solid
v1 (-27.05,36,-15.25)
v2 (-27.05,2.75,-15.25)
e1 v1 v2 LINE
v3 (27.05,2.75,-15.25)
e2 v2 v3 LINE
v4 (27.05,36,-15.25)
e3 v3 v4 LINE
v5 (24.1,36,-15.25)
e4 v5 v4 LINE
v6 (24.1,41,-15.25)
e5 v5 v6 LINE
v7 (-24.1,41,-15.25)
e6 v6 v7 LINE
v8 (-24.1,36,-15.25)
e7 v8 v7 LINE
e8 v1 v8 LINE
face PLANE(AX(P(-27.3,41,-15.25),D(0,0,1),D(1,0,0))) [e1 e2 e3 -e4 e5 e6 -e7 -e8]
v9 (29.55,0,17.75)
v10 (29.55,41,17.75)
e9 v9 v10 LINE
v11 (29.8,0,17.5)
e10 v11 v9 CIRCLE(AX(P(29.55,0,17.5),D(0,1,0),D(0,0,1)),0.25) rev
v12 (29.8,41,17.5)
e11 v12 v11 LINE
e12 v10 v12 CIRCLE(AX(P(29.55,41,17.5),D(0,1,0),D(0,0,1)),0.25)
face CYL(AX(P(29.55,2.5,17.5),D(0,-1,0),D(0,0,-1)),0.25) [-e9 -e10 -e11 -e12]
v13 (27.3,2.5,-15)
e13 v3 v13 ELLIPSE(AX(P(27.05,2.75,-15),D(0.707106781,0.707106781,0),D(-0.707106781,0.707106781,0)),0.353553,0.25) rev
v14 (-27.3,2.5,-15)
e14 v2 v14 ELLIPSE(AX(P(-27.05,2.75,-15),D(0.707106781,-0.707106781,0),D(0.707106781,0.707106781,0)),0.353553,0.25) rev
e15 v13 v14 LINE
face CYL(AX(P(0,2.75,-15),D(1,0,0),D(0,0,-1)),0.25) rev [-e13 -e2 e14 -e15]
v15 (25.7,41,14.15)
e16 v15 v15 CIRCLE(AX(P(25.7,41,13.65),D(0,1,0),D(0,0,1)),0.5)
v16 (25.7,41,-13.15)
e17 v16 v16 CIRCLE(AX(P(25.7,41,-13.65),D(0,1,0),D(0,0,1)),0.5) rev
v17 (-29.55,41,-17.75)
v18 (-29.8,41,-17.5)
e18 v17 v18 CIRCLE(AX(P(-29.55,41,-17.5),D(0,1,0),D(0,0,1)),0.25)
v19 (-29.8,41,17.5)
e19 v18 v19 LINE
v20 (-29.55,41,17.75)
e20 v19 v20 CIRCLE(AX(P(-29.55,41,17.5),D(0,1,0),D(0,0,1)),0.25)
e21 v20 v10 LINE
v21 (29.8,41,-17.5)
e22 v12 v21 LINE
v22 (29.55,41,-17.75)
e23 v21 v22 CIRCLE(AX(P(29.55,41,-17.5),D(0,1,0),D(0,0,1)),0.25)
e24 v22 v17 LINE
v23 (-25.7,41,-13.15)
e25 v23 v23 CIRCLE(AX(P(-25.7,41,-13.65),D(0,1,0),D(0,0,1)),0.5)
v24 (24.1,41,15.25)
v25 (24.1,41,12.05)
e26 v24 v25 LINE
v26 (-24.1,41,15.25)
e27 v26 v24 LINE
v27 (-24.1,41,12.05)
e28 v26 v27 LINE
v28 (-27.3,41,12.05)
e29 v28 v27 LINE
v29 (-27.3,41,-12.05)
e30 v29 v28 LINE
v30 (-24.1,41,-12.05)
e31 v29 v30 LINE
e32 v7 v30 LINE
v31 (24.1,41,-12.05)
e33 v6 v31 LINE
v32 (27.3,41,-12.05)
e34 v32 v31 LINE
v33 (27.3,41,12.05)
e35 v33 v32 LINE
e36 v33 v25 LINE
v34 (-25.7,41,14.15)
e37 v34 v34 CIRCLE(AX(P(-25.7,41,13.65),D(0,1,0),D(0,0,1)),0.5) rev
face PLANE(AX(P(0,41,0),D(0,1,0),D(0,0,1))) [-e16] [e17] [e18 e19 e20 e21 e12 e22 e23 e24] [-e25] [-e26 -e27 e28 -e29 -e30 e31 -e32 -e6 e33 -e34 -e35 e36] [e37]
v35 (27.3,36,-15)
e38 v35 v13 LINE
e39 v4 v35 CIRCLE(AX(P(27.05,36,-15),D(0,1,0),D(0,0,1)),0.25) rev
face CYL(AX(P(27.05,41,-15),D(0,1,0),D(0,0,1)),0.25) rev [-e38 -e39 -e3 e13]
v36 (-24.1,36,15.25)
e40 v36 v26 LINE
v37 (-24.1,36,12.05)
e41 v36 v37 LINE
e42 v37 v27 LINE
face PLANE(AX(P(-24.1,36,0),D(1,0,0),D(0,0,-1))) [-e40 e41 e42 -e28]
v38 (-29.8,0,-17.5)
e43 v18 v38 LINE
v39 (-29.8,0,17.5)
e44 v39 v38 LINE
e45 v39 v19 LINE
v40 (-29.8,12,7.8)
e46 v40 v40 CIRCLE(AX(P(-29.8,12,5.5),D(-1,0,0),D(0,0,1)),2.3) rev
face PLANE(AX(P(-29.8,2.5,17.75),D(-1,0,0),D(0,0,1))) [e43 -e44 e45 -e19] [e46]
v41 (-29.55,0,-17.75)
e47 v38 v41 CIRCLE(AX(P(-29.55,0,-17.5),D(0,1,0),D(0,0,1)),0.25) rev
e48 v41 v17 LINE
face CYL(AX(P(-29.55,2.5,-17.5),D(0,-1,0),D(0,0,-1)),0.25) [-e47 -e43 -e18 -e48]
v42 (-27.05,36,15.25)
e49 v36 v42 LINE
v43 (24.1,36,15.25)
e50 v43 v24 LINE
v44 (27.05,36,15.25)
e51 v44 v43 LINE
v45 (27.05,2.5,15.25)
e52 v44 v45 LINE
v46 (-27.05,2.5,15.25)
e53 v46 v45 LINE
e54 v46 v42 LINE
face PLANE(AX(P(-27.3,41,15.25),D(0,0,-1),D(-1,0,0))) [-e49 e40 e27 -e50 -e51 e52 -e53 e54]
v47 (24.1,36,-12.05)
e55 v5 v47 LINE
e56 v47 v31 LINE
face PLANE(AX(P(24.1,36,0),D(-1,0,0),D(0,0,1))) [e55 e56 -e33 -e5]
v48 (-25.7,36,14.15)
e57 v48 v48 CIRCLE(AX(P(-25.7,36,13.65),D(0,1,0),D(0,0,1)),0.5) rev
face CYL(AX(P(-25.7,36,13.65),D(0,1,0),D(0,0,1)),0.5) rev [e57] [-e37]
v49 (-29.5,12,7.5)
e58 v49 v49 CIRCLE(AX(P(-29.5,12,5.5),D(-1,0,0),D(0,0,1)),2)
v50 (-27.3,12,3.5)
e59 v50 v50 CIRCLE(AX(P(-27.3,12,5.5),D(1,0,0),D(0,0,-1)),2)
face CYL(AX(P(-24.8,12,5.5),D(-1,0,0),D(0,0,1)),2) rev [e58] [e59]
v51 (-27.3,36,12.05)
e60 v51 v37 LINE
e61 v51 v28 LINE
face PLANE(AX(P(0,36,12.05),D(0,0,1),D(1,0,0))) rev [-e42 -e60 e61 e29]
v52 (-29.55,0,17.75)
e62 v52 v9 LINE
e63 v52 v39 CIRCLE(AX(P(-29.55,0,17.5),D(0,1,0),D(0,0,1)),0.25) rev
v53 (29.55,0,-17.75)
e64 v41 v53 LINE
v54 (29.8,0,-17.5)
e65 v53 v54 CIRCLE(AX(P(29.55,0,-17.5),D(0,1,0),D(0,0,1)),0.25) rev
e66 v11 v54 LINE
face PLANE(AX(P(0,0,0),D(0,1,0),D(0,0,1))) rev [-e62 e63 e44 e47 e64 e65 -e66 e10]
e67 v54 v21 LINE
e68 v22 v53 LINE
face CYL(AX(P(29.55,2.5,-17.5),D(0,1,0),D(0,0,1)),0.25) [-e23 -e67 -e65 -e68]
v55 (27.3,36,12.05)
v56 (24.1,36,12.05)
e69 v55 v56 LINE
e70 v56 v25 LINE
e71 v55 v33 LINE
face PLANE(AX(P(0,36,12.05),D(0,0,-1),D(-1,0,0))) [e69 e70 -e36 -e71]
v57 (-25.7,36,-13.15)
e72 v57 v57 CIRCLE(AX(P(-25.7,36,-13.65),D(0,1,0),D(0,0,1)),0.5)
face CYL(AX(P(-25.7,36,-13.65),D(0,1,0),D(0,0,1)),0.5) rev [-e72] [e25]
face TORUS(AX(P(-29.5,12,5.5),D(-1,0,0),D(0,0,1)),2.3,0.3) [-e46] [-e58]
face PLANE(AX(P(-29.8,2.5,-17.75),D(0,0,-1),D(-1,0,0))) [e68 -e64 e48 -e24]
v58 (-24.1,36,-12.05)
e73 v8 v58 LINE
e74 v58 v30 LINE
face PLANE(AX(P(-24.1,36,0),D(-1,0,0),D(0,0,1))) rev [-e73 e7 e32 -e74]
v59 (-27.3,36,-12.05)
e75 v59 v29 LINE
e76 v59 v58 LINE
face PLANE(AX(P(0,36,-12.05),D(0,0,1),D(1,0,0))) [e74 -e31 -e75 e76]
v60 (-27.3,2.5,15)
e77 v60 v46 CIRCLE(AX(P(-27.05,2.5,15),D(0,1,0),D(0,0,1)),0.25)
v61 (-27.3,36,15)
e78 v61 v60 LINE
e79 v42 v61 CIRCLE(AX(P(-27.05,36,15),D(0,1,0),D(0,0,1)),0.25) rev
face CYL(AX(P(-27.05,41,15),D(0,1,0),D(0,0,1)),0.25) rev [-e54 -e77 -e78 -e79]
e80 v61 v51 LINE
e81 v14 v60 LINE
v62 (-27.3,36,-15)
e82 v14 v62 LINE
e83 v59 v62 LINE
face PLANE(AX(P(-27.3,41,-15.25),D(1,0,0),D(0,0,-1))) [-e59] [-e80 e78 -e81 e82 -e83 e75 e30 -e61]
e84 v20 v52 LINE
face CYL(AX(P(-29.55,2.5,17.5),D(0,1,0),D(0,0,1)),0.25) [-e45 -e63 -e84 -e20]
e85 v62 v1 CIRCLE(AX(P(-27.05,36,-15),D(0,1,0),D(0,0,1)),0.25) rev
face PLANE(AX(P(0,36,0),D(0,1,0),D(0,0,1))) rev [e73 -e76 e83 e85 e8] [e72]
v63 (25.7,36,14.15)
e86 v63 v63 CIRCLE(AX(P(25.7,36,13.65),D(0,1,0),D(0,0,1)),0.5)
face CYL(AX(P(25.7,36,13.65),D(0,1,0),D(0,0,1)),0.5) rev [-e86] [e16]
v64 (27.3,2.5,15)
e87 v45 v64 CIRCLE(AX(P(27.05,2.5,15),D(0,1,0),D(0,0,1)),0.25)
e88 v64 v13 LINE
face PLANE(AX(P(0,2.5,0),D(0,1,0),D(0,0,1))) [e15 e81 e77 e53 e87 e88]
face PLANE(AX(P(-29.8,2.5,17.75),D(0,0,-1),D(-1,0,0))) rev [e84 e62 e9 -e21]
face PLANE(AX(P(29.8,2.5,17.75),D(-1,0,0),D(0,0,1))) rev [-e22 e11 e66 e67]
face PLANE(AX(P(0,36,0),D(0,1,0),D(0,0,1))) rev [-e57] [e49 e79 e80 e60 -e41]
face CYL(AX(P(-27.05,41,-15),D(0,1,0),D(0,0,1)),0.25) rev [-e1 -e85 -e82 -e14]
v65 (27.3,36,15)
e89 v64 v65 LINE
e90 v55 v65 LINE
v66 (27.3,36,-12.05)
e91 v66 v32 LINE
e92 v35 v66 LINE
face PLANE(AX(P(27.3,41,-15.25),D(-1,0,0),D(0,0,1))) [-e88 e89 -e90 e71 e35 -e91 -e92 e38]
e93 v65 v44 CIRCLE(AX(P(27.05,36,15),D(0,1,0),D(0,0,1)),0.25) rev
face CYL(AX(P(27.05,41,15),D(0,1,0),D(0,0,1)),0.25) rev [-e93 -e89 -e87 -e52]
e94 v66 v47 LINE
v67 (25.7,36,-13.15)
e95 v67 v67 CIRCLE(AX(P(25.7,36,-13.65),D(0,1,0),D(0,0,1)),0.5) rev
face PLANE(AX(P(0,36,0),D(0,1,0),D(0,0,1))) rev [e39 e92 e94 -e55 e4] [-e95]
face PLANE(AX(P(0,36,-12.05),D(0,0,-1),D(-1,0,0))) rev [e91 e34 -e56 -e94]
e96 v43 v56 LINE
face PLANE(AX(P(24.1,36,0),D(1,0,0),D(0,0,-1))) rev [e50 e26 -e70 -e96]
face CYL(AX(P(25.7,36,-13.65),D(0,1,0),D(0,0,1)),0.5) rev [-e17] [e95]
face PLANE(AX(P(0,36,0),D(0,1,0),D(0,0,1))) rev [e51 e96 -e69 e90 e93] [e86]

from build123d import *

# Parameters (mm, degrees)
SKETCH1_W           = 59.6
SKETCH1_H           = 35.5
BOSS_EXTRUDE1_DEPTH = 2.5
SKETCH3_W           = 59.6
SKETCH3_H           = 35.5
SKETCH3_W_2         = 54.6
SKETCH3_H_2         = 30.5
BOSS_EXTRUDE4_DEPTH = 38.5
SKETCH4_W           = 3.2
SKETCH4_H           = 3.2
SKETCH4_R           = 0.5
BOSS_EXTRUDE7_DEPTH = 5
FILLET1_R           = 0.25
FILLET2_R           = 0.25
SKETCH6_R           = 2
CUT_EXTRUDE1_DEPTH  = 5
FILLET4_R           = 0.3


with BuildPart() as part:
    # Sketch1 → Boss-Extrude1 (new body)
    with BuildSketch(Plane(origin=(0, 0, 0), x_dir=(1, 0, 0), z_dir=(0, 1, 0))):
        Rectangle(SKETCH1_W, SKETCH1_H)
    extrude(amount=BOSS_EXTRUDE1_DEPTH)

    # Sketch3 → Boss-Extrude4 (add)
    with BuildSketch(Plane(origin=(0, 2.5, 0), x_dir=(1, 0, 0), z_dir=(0, 1, 0))):
        Rectangle(SKETCH3_W, SKETCH3_H)
        Rectangle(SKETCH3_W_2, SKETCH3_H_2, mode=Mode.SUBTRACT)
    extrude(amount=BOSS_EXTRUDE4_DEPTH)

    # Sketch4 → Boss-Extrude7 (add)
    # profile 1 of 4: a face of its own
    with BuildSketch(Plane(origin=(0, 41, 0), x_dir=(1, 0, 0), z_dir=(0, 1, 0))):
        with Locations((-25.7, 13.65)):
            Rectangle(SKETCH4_W, SKETCH4_H)
        with Locations(Location((-25.7, 13.65, 0), (0, 0, 270))):
            Circle(SKETCH4_R, mode=Mode.SUBTRACT)
    # profile 2 of 4: a face of its own
    with BuildSketch(Plane(origin=(0, 41, 0), x_dir=(1, 0, 0), z_dir=(0, 1, 0))):
        with Locations((25.7, 13.65)):
            Rectangle(SKETCH4_W, SKETCH4_H)
        with Locations(Location((25.7, 13.65, 0), (0, 0, 270))):
            Circle(SKETCH4_R, mode=Mode.SUBTRACT)
    # profile 3 of 4: a face of its own
    with BuildSketch(Plane(origin=(0, 41, 0), x_dir=(1, 0, 0), z_dir=(0, 1, 0))):
        with Locations((25.7, -13.65)):
            Rectangle(SKETCH4_W, SKETCH4_H)
        with Locations(Location((25.7, -13.65, 0), (0, 0, 270))):
            Circle(SKETCH4_R, mode=Mode.SUBTRACT)
    # profile 4 of 4: a face of its own
    with BuildSketch(Plane(origin=(0, 41, 0), x_dir=(1, 0, 0), z_dir=(0, 1, 0))):
        with Locations((-25.7, -13.65)):
            Rectangle(SKETCH4_W, SKETCH4_H)
        with Locations(Location((-25.7, -13.65, 0), (0, 0, 270))):
            Circle(SKETCH4_R, mode=Mode.SUBTRACT)
    extrude(amount=-BOSS_EXTRUDE7_DEPTH)

    # Fillet1
    fillet1_edges = [part.edges().sort_by_distance(p)[0] for p in [
        (-29.8, 20.5, -17.75),
        (-29.8, 20.5, 17.75),
        (29.8, 20.5, 17.75),
        (29.8, 20.5, -17.75),
    ]]
    fillet(fillet1_edges, radius=FILLET1_R)

    # Fillet2
    fillet2_edges = [part.edges().sort_by_distance(p)[0] for p in [
        (0, 2.5, -15.25),
        (-27.3, 19.25, -15.25),
        (27.3, 19.25, -15.25),
        (27.3, 19.25, 15.25),
        (-27.3, 19.25, 15.25),
    ]]
    fillet(fillet2_edges, radius=FILLET2_R)

    # Sketch6 → Cut-Extrude1 (cut)
    with BuildSketch(Plane.ZY.offset(29.8)):
        with Locations((5.5, 12)):
            Circle(SKETCH6_R)
    extrude(amount=-CUT_EXTRUDE1_DEPTH, mode=Mode.SUBTRACT)

    # Fillet4
    fillet4_edges = [part.edges().sort_by_distance(p)[0] for p in [
        (-29.8, 12, 3.5),
    ]]
    fillet(fillet4_edges, radius=FILLET4_R)


solid = part.part
